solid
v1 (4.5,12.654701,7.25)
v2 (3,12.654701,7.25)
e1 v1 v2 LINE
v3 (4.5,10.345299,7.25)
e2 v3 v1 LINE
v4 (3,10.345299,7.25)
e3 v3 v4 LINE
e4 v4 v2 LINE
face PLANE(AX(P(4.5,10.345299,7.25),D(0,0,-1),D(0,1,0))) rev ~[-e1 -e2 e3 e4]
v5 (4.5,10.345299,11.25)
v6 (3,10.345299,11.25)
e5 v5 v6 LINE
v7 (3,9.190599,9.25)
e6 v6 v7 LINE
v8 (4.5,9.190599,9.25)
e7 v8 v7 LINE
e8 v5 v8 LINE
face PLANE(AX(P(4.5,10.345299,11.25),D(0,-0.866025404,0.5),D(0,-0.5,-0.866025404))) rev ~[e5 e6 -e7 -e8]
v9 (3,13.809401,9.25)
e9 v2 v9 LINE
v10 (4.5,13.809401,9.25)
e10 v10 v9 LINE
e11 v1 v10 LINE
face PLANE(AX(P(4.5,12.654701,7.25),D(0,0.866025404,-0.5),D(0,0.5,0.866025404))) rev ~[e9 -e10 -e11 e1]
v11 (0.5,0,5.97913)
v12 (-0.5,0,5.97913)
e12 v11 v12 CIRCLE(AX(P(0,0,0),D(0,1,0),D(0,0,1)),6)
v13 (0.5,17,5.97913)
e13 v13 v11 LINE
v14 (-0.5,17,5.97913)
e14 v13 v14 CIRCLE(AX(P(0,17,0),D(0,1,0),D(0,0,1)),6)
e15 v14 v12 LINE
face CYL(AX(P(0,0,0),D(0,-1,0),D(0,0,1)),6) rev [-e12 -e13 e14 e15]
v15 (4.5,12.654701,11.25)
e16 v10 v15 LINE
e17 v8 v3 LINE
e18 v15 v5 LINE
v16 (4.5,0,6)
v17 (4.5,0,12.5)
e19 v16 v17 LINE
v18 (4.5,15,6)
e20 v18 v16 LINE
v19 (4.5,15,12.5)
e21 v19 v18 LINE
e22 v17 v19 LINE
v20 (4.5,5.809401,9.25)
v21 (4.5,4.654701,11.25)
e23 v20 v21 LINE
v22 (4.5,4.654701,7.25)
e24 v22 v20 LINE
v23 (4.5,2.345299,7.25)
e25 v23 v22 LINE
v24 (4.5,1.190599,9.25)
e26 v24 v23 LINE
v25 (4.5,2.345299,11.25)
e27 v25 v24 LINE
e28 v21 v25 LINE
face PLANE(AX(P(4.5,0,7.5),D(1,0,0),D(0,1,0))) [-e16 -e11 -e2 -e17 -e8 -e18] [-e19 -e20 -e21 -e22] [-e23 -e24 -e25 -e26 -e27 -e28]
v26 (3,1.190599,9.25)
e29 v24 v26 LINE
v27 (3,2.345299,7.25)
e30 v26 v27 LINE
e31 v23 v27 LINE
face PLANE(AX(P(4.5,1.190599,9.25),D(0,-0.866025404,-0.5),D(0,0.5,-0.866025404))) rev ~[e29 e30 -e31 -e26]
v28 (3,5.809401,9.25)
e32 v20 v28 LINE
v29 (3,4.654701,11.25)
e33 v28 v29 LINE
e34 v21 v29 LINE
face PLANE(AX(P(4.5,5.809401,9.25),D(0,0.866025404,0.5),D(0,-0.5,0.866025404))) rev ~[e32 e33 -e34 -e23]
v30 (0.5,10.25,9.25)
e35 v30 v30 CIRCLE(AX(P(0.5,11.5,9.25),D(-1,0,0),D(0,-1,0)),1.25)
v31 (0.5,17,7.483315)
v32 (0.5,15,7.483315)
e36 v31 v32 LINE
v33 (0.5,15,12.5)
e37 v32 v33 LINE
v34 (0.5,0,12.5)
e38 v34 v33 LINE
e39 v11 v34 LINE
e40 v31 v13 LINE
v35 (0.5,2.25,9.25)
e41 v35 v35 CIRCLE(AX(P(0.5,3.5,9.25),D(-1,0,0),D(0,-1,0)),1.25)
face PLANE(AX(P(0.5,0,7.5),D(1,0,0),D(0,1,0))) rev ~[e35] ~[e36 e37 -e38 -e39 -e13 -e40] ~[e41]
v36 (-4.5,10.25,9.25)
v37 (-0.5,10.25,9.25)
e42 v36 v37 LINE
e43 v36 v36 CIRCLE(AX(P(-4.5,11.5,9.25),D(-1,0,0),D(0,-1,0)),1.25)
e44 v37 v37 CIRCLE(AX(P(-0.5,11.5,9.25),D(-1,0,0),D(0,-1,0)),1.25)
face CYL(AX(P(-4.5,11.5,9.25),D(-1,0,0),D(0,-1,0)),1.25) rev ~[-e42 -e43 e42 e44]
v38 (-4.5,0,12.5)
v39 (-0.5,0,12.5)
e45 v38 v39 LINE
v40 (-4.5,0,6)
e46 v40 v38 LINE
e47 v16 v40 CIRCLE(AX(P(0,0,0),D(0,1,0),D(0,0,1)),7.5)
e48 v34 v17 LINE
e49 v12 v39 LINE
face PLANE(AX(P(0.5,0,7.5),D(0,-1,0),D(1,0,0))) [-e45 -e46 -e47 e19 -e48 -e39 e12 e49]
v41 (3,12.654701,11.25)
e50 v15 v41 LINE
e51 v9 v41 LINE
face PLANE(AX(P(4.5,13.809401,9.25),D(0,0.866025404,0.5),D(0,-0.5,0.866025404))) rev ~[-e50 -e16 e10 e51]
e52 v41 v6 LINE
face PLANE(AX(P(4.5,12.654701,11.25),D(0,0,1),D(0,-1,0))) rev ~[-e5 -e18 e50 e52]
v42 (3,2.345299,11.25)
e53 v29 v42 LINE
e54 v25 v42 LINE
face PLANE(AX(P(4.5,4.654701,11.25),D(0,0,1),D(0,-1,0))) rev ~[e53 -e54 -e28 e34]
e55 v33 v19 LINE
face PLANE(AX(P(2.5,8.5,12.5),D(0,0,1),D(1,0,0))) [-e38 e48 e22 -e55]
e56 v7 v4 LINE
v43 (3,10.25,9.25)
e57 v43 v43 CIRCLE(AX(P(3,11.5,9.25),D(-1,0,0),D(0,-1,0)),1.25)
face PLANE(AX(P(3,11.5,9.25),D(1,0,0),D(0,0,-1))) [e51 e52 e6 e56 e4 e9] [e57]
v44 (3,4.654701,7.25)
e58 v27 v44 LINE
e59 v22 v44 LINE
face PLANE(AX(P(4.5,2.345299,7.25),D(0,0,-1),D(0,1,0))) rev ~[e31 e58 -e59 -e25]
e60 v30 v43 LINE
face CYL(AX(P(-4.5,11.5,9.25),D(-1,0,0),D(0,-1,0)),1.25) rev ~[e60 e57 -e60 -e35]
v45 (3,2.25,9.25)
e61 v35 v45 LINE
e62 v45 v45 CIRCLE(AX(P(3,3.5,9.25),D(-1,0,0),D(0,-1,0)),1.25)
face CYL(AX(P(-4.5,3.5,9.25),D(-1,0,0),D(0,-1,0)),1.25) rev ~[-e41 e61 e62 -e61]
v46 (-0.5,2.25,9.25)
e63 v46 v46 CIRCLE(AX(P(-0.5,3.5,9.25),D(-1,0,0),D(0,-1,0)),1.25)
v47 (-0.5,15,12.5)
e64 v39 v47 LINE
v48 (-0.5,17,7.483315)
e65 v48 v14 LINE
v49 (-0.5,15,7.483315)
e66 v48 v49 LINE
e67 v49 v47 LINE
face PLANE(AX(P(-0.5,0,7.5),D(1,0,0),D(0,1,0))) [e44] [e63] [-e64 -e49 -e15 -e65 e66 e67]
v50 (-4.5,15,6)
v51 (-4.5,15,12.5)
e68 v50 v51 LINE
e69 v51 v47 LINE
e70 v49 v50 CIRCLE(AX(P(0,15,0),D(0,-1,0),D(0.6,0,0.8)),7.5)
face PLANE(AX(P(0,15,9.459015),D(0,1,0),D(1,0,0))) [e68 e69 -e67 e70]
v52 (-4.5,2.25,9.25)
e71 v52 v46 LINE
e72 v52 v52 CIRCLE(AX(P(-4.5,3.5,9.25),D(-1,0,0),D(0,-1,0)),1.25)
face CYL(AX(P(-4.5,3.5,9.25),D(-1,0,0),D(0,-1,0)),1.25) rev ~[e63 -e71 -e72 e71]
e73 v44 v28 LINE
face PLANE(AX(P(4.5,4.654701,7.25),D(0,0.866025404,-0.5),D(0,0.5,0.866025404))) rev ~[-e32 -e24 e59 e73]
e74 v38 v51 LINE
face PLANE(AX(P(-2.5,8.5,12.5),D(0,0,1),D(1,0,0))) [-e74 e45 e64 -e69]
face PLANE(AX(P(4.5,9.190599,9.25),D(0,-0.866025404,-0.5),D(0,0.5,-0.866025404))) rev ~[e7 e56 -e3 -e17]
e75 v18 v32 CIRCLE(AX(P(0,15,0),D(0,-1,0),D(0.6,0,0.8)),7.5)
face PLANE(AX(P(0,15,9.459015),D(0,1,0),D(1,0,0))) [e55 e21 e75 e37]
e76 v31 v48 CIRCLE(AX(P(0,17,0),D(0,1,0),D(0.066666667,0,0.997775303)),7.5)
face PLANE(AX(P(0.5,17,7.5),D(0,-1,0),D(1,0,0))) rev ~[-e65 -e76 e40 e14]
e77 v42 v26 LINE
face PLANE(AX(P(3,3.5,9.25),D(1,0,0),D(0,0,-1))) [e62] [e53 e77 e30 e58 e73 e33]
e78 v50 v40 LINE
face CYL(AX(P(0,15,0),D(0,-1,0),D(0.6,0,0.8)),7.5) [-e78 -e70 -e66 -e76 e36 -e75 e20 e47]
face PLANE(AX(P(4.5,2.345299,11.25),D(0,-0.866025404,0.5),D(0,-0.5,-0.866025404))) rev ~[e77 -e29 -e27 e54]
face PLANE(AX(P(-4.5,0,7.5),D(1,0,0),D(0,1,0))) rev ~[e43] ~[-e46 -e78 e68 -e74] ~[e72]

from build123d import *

# Parameters (mm, degrees)
SKETCH_1_R                  = 7.5
SKETCH_1_R_2                = 6
EXTRUDE_1_DEPTH             = 17
CUT_EXTRUDE_1_REACH         = 25.88
CUT_EXTRUDE_1_END_RADIUS    = 6
SKETCH_2_W                  = 1
SKETCH_2_H                  = 17
SKETCH_3_W                  = 4
SKETCH_3_H                  = 17
EXTRUDE_2_DEPTH             = 5
EXTRUDE_2_DIRECTION_2_REACH = 25.88
CUT_EXTRUDE_START           = -2
CUT_EXTRUDE_4_DEPTH         = 2
CUT_EXTRUDE_2_REACH         = 26.274
SKETCH_4_R                  = 1.25
CUT_EXTRUDE_3_DEPTH         = 1.5


with BuildPart() as part:
    # 草图1 → 凸台-拉伸1 (new body)
    with BuildSketch(Plane(origin=(0, 0, 0), x_dir=(1, 0, 0), z_dir=(0, 1, 0))):
        with Locations(Location((0, 0, 0), (0, 0, 270))):
            Circle(SKETCH_1_R)
        with Locations(Location((0, 0, 0), (0, 0, 270))):
            Circle(SKETCH_1_R_2, mode=Mode.SUBTRACT)
    extrude(amount=EXTRUDE_1_DEPTH)

    # 切除-拉伸1: up to this cylinder (the profile starts outside it)
    cut_extrude_1_end = Plane(origin=(0, 8.5, 0), z_dir=(0, -1, 0)) * Cylinder(CUT_EXTRUDE_1_END_RADIUS, 64.76, mode=Mode.PRIVATE)
    # 草图2 → 切除-拉伸1 (cut, up to the surface)
    with BuildSketch(Plane.XY.offset(7.5), mode=Mode.PRIVATE) as cut_extrude_1_sk1:
        with Locations((0, 8.5)):
            Rectangle(SKETCH_2_W, SKETCH_2_H)
    cut_extrude_1_tool1 = extrude(cut_extrude_1_sk1.sketch, amount=-CUT_EXTRUDE_1_REACH, mode=Mode.PRIVATE) - cut_extrude_1_end
    add(cut_extrude_1_tool1.solids().sort_by_distance((0, 8.5, 7.5))[0], mode=Mode.SUBTRACT)

    # 草图3 → 凸台-拉伸2 (add)
    with BuildSketch(Plane.XY.offset(7.5)):
        with Locations((-2.5, 8.5)):
            Rectangle(SKETCH_3_W, SKETCH_3_H)
        with Locations((2.5, 8.5)):
            Rectangle(SKETCH_3_W, SKETCH_3_H)
    extrude(amount=EXTRUDE_2_DEPTH)

    # 草图3 → 凸台-拉伸2 direction 2 (add, up to next)
    with BuildSketch(Plane.XY.offset(7.5), mode=Mode.PRIVATE) as extrude_2_direction_2_sk1:
        with Locations((-2.5, 8.5)):
            Rectangle(SKETCH_3_W, SKETCH_3_H)
    extrude_2_direction_2_tool1 = extrude(extrude_2_direction_2_sk1.sketch, amount=-EXTRUDE_2_DIRECTION_2_REACH, mode=Mode.PRIVATE) - part.part
    # 草图3 → 凸台-拉伸2 direction 2 (add, up to next)
    with BuildSketch(Plane.XY.offset(7.5), mode=Mode.PRIVATE) as extrude_2_direction_2_sk2:
        with Locations((2.5, 8.5)):
            Rectangle(SKETCH_3_W, SKETCH_3_H)
    extrude_2_direction_2_tool2 = extrude(extrude_2_direction_2_sk2.sketch, amount=-EXTRUDE_2_DIRECTION_2_REACH, mode=Mode.PRIVATE) - part.part
    add(extrude_2_direction_2_tool1.solids().sort_by_distance((-2.5, 8.5, 7.5))[0])
    add(extrude_2_direction_2_tool2.solids().sort_by_distance((2.5, 8.5, 7.5))[0])

    # 草图7 → 切除-拉伸4 (cut)
    with BuildSketch(Plane(origin=(0, 17, 0), x_dir=(1, 0, 0), z_dir=(0, 1, 0)).offset(CUT_EXTRUDE_START)):
        with BuildLine():
            Line((-4.5, -6), (-4.5, -12.5))
            Line((-4.5, -12.5), (4.5, -12.5))
            Line((4.5, -12.5), (4.5, -6))
            ThreePointArc((4.5, -6), (0, -7.5), (-4.5, -6))
        make_face()
    extrude(amount=CUT_EXTRUDE_4_DEPTH, mode=Mode.SUBTRACT)

    # 切除-拉伸2: up to this face of the body (flat: up to its plane)
    cut_extrude_2_end = Plane(part.part.faces().sort_by_distance((4.5, 7.5, 9.25))[0])
    # 草图4 → 切除-拉伸2 (cut, up to the picked face)
    with BuildSketch(Plane.ZY.offset(4.5), mode=Mode.PRIVATE) as cut_extrude_2_sk1:
        with Locations(Location((9.25, 11.5, 0), (0, 0, 270))):
            Circle(SKETCH_4_R)
    cut_extrude_2_tool1 = split(extrude(cut_extrude_2_sk1.sketch, amount=-CUT_EXTRUDE_2_REACH, mode=Mode.PRIVATE), bisect_by=cut_extrude_2_end, keep=Keep.BOTH, mode=Mode.PRIVATE)
    # 草图4 → 切除-拉伸2 (cut, up to the picked face)
    with BuildSketch(Plane.ZY.offset(4.5), mode=Mode.PRIVATE) as cut_extrude_2_sk2:
        with Locations(Location((9.25, 3.5, 0), (0, 0, 270))):
            Circle(SKETCH_4_R)
    cut_extrude_2_tool2 = split(extrude(cut_extrude_2_sk2.sketch, amount=-CUT_EXTRUDE_2_REACH, mode=Mode.PRIVATE), bisect_by=cut_extrude_2_end, keep=Keep.BOTH, mode=Mode.PRIVATE)
    add(cut_extrude_2_tool1.solids().sort_by(Axis((-4.5, 11.5, 9.25), (1, 0, 0)))[0], mode=Mode.SUBTRACT)
    add(cut_extrude_2_tool2.solids().sort_by(Axis((-4.5, 3.5, 9.25), (1, 0, 0)))[0], mode=Mode.SUBTRACT)

    # 草图5 → 切除-拉伸3 (cut)
    with BuildSketch(Plane(origin=(4.5, 0, 0), x_dir=(0, 0, -1), z_dir=(1, 0, 0))):
        Polygon((-9.25, 9.190598923), (-7.25, 10.345299462), (-7.25, 12.654700538), (-9.25, 13.809401077), (-11.25, 12.654700538), (-11.25, 10.345299462), align=None)
        Polygon((-9.25, 1.190598923), (-7.25, 2.345299462), (-7.25, 4.654700538), (-9.25, 5.809401077), (-11.25, 4.654700538), (-11.25, 2.345299462), align=None)
    extrude(amount=-CUT_EXTRUDE_3_DEPTH, mode=Mode.SUBTRACT)


solid = part.part
